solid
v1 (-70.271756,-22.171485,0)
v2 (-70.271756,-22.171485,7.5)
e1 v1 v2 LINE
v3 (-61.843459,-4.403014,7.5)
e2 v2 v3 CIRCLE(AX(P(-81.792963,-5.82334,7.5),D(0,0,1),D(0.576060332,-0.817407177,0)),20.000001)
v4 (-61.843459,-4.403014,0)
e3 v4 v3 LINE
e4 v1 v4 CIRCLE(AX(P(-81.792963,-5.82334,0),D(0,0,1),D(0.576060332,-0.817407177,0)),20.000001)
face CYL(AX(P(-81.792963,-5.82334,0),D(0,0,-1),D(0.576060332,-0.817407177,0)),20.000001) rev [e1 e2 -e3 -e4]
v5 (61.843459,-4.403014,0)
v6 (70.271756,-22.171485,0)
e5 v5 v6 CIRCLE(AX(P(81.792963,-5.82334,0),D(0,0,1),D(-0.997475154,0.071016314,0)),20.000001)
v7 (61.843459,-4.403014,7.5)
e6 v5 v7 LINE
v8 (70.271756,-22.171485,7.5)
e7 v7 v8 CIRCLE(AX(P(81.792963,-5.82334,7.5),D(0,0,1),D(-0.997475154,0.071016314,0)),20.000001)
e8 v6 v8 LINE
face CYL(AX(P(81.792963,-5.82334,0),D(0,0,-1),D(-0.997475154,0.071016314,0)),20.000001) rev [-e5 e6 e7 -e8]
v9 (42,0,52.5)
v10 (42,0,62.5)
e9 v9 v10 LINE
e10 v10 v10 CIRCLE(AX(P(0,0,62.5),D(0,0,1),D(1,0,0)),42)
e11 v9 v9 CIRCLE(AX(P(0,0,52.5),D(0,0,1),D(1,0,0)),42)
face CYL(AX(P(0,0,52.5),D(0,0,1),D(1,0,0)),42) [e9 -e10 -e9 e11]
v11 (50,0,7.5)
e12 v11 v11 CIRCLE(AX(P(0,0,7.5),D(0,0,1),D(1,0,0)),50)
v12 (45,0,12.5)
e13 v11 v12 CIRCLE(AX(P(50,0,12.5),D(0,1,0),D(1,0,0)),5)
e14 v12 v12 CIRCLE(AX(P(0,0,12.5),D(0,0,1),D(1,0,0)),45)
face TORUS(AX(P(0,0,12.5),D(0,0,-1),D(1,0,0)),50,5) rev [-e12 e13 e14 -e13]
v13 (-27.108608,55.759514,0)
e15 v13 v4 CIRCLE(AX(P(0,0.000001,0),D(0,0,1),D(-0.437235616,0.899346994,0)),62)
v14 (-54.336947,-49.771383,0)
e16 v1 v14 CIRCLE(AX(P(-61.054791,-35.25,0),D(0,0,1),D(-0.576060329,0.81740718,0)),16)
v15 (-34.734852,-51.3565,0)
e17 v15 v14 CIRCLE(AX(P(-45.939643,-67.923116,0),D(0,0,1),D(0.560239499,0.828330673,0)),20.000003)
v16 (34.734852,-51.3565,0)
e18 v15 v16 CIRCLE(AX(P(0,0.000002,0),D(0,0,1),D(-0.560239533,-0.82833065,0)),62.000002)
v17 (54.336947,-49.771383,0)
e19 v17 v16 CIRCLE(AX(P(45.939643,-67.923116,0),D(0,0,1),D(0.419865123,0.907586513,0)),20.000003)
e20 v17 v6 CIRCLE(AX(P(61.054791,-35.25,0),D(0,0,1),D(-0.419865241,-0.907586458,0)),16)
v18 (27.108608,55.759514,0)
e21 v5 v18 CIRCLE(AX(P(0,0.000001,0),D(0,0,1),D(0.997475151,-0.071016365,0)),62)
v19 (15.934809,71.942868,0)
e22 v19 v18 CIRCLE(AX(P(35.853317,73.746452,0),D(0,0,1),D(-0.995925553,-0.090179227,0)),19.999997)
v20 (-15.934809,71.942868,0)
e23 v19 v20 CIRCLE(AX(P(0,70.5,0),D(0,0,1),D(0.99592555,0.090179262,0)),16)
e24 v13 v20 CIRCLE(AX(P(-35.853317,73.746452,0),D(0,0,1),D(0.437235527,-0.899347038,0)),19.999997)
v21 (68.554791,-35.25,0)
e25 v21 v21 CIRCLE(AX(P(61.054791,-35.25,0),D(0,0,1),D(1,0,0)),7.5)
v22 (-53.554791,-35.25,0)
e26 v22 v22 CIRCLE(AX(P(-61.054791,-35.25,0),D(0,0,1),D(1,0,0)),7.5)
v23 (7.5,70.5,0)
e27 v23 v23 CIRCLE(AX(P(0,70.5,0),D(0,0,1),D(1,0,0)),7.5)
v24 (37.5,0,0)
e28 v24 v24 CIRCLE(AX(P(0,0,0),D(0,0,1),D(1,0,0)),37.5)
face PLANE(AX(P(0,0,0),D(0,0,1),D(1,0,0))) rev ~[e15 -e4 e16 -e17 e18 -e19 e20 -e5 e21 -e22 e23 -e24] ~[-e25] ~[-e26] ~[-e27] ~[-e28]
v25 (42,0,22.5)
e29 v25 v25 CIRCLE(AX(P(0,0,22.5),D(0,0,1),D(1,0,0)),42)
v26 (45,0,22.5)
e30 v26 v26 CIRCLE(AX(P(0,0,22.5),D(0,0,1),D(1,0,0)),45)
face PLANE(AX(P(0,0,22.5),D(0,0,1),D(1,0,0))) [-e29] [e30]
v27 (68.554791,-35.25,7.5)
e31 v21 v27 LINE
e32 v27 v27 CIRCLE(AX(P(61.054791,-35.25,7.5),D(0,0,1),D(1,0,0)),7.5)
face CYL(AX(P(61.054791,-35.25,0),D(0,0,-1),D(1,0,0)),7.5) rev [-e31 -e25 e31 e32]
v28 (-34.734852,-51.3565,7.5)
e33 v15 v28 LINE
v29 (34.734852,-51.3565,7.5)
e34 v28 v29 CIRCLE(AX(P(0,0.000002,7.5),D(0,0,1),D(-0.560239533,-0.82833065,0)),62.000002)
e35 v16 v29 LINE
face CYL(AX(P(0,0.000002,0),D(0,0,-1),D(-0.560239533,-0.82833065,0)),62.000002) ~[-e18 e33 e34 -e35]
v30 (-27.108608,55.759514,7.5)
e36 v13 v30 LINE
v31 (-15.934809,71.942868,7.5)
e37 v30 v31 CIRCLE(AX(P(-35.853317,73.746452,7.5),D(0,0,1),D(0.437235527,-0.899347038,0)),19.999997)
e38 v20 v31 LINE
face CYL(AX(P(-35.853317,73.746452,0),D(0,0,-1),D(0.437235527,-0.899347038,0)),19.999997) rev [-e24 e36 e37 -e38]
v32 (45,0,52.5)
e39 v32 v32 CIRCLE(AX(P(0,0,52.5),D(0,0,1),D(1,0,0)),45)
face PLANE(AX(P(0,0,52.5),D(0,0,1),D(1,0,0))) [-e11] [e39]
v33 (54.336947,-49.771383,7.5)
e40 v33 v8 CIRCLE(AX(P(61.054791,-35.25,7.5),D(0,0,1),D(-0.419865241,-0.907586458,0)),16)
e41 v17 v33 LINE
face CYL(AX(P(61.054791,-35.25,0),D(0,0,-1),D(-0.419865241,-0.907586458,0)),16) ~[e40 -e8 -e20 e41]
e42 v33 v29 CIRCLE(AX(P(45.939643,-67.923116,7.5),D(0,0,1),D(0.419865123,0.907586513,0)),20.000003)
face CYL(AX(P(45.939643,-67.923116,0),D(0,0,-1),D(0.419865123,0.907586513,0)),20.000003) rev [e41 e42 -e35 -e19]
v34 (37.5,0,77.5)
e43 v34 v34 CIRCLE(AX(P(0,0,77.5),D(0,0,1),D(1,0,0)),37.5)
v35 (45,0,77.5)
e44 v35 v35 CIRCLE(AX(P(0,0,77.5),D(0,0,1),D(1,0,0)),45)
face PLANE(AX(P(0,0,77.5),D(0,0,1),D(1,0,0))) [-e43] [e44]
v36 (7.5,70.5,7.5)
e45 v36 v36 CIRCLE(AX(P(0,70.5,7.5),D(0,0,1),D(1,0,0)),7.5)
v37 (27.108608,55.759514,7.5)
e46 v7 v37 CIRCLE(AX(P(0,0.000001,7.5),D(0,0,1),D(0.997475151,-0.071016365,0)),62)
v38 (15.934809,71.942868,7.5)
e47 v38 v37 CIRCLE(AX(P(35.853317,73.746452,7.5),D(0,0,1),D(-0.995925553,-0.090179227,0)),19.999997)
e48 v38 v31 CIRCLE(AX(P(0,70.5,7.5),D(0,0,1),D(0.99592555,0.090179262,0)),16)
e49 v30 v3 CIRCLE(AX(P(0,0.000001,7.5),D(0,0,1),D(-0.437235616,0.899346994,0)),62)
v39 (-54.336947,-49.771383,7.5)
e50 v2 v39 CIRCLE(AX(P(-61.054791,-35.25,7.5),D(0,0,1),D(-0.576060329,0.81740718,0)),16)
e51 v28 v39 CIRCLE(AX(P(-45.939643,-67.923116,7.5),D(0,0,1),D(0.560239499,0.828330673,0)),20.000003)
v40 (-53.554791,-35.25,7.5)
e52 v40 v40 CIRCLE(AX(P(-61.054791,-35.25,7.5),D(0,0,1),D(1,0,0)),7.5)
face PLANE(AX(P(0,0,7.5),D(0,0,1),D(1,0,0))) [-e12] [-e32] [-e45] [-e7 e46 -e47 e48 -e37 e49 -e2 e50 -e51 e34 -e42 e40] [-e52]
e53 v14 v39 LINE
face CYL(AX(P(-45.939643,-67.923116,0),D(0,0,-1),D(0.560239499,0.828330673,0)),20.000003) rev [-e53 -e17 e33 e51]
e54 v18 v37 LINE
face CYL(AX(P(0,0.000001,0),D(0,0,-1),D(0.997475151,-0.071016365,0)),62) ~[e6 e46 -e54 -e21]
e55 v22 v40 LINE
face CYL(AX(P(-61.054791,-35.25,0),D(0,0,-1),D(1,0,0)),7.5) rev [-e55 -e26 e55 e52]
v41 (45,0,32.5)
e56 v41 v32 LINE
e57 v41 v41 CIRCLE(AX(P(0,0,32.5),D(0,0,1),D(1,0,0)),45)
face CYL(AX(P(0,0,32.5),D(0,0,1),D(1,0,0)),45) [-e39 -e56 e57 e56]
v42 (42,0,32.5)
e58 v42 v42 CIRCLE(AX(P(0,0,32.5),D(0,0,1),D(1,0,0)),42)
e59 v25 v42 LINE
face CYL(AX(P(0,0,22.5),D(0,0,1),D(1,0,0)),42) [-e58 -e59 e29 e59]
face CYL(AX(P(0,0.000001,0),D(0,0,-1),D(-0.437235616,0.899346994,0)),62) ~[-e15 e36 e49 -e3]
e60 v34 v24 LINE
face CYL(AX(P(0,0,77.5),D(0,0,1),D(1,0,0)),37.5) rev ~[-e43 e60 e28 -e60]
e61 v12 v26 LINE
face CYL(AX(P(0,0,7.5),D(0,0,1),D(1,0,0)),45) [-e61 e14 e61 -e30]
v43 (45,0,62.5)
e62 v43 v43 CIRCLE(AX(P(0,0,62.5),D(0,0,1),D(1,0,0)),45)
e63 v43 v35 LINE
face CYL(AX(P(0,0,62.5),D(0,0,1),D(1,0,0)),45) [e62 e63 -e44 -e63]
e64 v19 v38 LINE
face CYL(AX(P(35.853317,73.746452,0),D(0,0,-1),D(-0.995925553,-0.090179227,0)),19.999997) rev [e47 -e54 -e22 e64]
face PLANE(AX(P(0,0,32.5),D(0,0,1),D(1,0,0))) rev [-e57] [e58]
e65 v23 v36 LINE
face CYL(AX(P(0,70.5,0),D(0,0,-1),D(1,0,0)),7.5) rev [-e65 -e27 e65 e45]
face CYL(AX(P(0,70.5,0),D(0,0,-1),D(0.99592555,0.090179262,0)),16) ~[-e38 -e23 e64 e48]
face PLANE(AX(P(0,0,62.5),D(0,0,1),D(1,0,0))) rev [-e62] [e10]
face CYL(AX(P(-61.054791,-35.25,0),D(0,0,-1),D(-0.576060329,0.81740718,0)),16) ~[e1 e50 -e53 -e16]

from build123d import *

# Parameters (mm, degrees)
SKETCH_R     = 7.5
PAD_DEPTH    = 7.5
FILLET_R     = 5
SKETCH002_R  = 37.5
POCKET_DEPTH = 77.501


with BuildPart() as part:
    # Sketch → Pad (new body)
    with BuildSketch(Plane.XY):
        with BuildLine():
            ThreePointArc((-27.108608, 55.759514), (-53.693575, 31), (-61.843459, -4.403014))
            ThreePointArc((-70.271756, -22.171485), (-63.722793, -14.394746), (-61.843459, -4.403014))
            ThreePointArc((-70.271756, -22.171485), (-74.911197, -43.25), (-54.336947, -49.771383))
            ThreePointArc((-34.734852, -51.3565), (-44.327612, -47.988185), (-54.336947, -49.771383))
            ThreePointArc((-34.734852, -51.3565), (0, -62), (34.734852, -51.3565))
            ThreePointArc((54.336947, -49.771383), (44.327612, -47.988185), (34.734852, -51.3565))
            ThreePointArc((54.336947, -49.771383), (74.911197, -43.25), (70.271756, -22.171485))
            ThreePointArc((61.843459, -4.403014), (63.722793, -14.394746), (70.271756, -22.171485))
            ThreePointArc((61.843459, -4.403014), (53.693575, 31), (27.108608, 55.759514))
            ThreePointArc((15.934809, 71.942868), (19.395181, 62.38293), (27.108608, 55.759514))
            ThreePointArc((15.934809, 71.942868), (0, 86.5), (-15.934809, 71.942868))
            ThreePointArc((-27.108608, 55.759514), (-19.395181, 62.38293), (-15.934809, 71.942868))
        make_face()
        with Locations((0, 70.5)):
            Circle(SKETCH_R, mode=Mode.SUBTRACT)
        with Locations((-61.054791, -35.25)):
            Circle(SKETCH_R, mode=Mode.SUBTRACT)
        with Locations((61.054791, -35.25)):
            Circle(SKETCH_R, mode=Mode.SUBTRACT)
    extrude(amount=PAD_DEPTH)

    # Sketch001 → Revolution (revolve)
    with BuildSketch(Plane.XZ):
        Polygon((0, 7.5), (45, 7.5), (45, 22.5), (42, 22.5), (42, 32.5), (45, 32.5), (45, 52.5), (42, 52.5), (42, 62.5), (45, 62.5), (45, 77.5), (0, 77.5), align=None)
    revolve(axis=Axis((0, 0, 0), (0, 0, 1)))

    # Fillet
    fillet_edges = [part.edges().sort_by_distance(p)[0] for p in [
        (-45, 0, 7.5),
    ]]
    fillet(fillet_edges, radius=FILLET_R)

    # Sketch002 (on Face28 of Fillet) → Pocket (cut, through all)
    with BuildSketch(Plane.XY.offset(77.5)):
        Circle(SKETCH002_R)
    extrude(amount=-POCKET_DEPTH, mode=Mode.SUBTRACT)


solid = part.part
